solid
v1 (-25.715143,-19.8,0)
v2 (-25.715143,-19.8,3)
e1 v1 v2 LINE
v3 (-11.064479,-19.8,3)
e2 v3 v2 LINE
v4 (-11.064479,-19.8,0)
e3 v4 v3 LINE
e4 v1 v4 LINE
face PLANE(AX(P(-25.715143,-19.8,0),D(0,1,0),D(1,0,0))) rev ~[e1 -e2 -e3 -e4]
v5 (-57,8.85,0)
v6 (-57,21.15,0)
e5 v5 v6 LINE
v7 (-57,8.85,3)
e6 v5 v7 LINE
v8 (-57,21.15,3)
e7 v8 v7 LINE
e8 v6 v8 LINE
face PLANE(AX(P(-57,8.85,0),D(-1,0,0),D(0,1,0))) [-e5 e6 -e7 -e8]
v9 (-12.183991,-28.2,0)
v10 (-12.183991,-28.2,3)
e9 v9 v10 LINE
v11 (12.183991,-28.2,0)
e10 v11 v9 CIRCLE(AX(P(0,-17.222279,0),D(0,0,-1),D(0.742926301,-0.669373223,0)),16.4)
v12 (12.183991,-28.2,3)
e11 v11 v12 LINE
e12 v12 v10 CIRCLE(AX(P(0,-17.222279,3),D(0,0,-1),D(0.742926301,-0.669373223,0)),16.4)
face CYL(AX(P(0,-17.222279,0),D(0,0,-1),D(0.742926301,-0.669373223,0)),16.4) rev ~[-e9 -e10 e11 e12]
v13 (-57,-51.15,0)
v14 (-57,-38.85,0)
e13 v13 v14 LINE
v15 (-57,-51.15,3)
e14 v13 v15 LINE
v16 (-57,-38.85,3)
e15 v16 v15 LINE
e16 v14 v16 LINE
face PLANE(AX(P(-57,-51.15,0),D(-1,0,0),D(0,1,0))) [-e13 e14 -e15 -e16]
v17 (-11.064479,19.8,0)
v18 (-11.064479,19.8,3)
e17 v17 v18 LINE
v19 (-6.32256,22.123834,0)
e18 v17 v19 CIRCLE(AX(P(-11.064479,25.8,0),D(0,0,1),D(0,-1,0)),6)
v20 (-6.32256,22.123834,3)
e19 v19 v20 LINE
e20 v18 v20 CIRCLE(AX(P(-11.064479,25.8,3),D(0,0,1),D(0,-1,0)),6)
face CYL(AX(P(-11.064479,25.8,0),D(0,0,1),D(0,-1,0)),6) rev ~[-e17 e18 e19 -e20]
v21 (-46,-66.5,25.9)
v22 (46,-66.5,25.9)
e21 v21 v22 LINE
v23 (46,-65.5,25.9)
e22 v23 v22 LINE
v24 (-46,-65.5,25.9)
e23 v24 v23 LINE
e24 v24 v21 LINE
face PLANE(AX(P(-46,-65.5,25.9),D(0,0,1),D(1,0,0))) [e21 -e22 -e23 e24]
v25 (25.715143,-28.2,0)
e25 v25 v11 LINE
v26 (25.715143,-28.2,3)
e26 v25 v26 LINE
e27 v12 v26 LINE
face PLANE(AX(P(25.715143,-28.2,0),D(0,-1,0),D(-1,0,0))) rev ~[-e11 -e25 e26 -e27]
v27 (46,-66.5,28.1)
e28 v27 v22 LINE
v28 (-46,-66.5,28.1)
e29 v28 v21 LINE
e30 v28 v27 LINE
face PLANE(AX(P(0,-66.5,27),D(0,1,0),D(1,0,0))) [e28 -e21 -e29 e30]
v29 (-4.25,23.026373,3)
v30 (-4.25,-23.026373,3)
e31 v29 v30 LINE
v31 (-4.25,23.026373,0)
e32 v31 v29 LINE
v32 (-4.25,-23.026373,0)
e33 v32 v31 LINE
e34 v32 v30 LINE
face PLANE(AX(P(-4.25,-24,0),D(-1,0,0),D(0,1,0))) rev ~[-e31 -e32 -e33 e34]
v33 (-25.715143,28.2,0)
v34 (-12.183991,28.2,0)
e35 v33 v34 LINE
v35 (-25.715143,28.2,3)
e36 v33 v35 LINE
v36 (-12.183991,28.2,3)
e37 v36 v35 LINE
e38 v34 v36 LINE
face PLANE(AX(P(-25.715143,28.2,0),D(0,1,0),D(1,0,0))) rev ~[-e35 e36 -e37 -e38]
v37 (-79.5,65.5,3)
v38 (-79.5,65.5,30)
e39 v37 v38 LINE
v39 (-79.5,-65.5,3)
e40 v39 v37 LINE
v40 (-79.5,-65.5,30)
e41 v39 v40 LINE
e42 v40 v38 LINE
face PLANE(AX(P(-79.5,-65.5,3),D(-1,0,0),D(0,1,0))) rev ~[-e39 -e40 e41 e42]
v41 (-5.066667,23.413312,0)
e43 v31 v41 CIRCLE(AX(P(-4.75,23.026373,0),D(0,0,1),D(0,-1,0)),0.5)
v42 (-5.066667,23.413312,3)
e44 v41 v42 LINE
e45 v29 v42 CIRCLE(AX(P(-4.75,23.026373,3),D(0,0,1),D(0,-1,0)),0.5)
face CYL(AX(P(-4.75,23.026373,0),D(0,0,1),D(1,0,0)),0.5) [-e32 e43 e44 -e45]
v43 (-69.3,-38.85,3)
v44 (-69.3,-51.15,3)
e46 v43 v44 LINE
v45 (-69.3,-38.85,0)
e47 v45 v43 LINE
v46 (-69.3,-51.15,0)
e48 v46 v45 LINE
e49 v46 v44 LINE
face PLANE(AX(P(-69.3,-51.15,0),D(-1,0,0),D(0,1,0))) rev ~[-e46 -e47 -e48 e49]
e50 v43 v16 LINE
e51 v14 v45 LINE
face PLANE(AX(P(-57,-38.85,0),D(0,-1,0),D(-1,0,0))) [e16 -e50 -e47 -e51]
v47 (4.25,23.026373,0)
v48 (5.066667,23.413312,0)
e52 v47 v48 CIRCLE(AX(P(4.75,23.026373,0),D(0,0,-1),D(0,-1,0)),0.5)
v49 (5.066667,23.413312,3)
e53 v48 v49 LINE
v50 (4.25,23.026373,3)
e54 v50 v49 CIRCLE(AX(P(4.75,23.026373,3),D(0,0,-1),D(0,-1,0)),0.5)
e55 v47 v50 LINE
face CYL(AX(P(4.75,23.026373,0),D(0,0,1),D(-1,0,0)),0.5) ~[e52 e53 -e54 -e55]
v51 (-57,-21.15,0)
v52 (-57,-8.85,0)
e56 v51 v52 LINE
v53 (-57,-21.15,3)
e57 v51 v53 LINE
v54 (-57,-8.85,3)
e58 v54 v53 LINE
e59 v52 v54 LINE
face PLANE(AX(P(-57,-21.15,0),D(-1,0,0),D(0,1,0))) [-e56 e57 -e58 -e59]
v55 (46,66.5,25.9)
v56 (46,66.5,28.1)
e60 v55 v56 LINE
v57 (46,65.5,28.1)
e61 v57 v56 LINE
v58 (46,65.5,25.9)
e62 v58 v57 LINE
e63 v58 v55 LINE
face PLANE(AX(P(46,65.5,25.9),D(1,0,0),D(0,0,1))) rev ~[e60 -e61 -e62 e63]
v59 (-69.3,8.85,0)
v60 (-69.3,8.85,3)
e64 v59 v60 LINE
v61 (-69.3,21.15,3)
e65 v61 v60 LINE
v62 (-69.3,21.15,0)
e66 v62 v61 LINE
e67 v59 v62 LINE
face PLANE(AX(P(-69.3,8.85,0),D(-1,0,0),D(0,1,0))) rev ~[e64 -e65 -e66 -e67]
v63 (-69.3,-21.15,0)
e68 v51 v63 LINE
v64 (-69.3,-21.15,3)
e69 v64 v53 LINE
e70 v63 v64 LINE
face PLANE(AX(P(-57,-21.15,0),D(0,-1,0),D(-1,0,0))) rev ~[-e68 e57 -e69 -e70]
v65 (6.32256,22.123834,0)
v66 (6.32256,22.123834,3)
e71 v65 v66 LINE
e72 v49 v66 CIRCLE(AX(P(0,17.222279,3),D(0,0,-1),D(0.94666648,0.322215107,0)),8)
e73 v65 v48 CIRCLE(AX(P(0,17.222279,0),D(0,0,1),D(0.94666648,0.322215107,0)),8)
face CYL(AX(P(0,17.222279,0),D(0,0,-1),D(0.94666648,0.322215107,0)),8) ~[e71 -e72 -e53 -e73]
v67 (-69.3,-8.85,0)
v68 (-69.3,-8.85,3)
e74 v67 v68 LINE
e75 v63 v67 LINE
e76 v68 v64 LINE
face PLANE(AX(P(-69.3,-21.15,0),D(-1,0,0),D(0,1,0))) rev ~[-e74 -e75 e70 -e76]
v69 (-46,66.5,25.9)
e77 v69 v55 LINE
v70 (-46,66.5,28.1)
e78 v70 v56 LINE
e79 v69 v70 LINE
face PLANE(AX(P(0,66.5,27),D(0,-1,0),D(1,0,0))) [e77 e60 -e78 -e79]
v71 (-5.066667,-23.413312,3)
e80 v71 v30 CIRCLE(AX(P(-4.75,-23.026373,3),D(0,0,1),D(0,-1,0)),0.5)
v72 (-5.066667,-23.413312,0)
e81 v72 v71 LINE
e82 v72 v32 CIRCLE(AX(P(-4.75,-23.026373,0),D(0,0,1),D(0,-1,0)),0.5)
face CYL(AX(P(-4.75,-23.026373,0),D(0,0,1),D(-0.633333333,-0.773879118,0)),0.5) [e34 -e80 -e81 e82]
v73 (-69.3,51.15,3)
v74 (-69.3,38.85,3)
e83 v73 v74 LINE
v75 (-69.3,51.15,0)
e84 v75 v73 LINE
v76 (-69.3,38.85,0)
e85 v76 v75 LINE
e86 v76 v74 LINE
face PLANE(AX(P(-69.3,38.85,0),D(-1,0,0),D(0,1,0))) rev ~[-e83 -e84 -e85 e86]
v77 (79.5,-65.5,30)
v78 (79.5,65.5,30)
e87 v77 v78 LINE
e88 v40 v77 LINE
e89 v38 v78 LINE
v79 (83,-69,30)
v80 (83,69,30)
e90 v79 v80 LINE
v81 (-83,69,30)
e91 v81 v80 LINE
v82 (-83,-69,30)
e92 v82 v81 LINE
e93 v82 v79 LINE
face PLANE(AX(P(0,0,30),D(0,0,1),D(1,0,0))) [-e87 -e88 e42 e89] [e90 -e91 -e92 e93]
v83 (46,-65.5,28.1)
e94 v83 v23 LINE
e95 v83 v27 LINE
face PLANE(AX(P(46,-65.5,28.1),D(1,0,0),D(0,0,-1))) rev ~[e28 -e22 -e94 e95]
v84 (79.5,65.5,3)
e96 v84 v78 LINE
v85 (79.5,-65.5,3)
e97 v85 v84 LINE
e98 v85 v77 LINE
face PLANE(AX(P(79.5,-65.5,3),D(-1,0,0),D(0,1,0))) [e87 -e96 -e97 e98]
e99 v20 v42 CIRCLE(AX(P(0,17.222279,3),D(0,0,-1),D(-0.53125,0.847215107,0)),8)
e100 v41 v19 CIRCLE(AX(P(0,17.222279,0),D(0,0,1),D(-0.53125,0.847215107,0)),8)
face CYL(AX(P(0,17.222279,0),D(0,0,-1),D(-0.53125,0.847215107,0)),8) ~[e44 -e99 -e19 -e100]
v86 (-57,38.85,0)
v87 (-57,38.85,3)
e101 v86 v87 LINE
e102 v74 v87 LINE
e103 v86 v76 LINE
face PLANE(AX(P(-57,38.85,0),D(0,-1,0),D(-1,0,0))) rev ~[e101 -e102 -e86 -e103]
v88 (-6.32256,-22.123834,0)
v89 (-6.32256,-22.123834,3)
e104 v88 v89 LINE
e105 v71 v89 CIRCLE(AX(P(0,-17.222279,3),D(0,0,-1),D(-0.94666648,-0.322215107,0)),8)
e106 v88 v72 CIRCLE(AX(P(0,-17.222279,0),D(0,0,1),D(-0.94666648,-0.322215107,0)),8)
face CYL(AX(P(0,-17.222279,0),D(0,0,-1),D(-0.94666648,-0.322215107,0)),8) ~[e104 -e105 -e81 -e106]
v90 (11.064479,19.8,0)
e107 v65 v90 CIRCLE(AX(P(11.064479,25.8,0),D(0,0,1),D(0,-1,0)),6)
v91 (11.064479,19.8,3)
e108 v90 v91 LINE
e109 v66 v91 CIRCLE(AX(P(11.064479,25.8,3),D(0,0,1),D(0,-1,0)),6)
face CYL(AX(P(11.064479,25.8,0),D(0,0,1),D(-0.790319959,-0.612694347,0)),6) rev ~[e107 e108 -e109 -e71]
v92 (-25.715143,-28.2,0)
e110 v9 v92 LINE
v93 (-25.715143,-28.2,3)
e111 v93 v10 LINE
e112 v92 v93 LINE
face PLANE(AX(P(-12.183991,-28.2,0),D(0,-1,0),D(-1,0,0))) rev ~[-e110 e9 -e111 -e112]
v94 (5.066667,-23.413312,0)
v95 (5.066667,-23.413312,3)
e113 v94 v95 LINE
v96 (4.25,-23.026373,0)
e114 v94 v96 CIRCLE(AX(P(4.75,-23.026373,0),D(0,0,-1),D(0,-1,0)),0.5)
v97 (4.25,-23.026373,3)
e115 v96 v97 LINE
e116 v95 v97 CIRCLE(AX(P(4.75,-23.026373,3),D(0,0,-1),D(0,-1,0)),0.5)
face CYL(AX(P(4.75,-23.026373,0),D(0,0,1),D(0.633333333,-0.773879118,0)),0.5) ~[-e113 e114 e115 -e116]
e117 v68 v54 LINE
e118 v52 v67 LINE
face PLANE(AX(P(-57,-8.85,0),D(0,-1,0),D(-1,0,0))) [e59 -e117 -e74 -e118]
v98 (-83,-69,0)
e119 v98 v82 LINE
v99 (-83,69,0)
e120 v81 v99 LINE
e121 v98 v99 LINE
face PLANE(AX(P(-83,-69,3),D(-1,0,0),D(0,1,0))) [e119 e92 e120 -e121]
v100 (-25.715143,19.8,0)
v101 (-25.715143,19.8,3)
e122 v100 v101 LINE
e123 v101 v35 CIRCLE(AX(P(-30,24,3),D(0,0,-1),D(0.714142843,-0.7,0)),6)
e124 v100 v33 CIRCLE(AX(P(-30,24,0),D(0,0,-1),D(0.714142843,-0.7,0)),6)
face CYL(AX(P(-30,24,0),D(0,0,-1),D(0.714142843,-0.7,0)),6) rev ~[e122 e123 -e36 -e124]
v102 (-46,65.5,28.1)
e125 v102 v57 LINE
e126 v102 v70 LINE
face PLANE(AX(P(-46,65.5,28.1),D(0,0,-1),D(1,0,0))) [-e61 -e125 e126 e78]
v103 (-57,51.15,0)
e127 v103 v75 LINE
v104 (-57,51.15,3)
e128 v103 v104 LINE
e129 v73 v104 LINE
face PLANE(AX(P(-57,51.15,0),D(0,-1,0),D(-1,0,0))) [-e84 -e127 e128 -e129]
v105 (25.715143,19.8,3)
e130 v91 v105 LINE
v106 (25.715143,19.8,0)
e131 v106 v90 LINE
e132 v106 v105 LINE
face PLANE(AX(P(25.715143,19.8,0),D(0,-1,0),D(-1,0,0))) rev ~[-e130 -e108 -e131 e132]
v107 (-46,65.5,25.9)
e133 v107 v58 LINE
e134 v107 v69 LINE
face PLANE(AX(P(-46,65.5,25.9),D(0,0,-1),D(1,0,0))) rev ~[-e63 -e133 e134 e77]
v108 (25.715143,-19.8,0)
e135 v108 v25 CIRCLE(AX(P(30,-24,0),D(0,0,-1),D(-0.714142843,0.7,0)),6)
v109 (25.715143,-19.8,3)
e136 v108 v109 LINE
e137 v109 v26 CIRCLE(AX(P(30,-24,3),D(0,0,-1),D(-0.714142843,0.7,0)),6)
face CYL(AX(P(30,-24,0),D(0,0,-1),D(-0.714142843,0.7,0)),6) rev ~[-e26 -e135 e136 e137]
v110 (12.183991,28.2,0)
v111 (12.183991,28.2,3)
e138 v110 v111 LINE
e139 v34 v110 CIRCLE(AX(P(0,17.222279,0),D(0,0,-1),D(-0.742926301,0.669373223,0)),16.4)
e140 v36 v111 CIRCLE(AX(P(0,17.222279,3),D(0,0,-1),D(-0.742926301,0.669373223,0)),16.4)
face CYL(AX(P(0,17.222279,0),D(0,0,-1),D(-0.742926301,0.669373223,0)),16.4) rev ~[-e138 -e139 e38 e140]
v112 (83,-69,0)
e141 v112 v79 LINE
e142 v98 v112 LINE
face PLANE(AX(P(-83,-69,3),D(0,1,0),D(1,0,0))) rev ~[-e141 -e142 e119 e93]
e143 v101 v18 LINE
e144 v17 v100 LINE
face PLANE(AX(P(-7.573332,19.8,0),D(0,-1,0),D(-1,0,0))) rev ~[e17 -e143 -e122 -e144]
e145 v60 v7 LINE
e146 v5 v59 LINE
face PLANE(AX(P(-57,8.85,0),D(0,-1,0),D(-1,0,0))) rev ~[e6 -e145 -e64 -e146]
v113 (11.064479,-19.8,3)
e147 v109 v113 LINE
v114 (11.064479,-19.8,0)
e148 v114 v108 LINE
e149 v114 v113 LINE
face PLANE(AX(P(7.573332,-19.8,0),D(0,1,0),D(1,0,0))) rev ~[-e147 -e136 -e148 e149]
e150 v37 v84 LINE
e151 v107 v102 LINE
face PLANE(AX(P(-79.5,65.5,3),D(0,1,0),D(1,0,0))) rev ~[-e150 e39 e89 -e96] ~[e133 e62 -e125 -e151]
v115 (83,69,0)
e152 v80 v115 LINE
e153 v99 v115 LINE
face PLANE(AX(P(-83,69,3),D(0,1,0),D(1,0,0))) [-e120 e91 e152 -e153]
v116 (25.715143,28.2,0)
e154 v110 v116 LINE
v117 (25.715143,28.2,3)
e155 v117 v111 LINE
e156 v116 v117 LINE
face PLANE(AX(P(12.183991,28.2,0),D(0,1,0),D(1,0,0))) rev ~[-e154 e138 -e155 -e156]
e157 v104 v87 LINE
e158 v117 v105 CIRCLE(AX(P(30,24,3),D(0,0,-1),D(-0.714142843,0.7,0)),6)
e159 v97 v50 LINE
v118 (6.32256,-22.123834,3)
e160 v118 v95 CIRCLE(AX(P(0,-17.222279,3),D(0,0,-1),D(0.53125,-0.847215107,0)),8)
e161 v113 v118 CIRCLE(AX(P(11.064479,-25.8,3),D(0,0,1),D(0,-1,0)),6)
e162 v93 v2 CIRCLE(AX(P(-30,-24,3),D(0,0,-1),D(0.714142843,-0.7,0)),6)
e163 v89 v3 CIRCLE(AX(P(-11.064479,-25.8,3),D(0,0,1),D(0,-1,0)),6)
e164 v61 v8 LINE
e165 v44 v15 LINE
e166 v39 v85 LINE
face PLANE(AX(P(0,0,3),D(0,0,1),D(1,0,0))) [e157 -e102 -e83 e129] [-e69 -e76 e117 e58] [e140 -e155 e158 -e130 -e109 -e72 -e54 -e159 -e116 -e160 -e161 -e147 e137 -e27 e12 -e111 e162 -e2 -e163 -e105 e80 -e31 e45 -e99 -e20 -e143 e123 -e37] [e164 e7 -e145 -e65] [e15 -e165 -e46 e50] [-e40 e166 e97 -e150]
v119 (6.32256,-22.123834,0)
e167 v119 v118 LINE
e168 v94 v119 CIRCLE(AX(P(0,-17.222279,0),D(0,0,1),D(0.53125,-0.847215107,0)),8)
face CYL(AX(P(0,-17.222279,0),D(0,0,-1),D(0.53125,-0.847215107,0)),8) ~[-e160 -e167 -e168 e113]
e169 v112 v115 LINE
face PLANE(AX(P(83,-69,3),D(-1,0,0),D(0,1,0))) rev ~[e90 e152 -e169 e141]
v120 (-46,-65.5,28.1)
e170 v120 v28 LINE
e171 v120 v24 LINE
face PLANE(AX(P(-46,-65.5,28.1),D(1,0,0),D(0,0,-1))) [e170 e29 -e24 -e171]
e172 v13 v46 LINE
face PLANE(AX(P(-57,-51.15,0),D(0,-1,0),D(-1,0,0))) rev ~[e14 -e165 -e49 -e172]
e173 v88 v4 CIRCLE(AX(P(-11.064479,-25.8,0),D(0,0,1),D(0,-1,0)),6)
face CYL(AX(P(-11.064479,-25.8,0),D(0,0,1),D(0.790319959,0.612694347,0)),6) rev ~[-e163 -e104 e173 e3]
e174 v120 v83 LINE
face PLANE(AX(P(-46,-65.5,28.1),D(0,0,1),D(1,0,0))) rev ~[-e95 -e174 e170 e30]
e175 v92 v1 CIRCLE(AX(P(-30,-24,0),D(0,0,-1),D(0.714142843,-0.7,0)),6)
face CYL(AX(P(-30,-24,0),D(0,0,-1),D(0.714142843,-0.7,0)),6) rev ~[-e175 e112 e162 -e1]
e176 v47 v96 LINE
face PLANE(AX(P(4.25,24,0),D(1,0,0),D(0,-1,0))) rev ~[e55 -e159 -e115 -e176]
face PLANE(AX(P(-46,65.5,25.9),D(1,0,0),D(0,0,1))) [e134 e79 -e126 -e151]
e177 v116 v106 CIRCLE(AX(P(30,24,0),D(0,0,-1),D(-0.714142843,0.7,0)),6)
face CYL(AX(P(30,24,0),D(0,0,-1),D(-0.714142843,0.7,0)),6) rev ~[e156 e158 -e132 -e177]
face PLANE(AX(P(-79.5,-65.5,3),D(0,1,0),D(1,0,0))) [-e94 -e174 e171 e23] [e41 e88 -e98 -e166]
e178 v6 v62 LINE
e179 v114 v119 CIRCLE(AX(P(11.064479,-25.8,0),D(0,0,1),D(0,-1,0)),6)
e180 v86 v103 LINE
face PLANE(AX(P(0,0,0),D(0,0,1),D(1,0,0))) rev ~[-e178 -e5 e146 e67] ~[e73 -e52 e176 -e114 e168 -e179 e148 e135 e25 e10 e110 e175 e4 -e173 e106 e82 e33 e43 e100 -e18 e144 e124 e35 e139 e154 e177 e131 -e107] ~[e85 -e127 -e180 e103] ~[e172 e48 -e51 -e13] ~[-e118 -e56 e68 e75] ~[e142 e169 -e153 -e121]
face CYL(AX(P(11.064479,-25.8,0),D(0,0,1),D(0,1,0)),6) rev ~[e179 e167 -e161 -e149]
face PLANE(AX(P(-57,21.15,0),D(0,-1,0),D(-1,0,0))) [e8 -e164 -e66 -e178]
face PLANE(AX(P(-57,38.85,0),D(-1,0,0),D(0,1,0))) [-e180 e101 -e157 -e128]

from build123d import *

# Parameters (mm, degrees)
SKETCH_1_W           = 166
SKETCH_1_H           = 138
EXTRUDE_1_DEPTH      = 3
SKETCH_2_W           = 166
SKETCH_2_H           = 138
SKETCH_2_W_2         = 159
SKETCH_2_H_2         = 131
EXTRUDE_2_DEPTH      = 27
SKETCH_3_W           = 92
SKETCH_3_H           = 2.2
CUT_EXTRUDE_1_DEPTH  = 1
SKETCH_4_W           = 92
SKETCH_4_H           = 2.2
CUT_EXTRUDE_2_DEPTH  = 1
SKETCH_11_W          = 12.3
SKETCH_11_H          = 12.3
CUT_EXTRUDE_8_DEPTH  = 10
CUT_EXTRUDE_12_DEPTH = 10
FILLET_1_R           = 6
FILLET_2_R           = 0.5


with BuildPart() as part:
    # 스케치1 → 보스-돌출1 (new body)
    with BuildSketch(Plane.XY):
        Rectangle(SKETCH_1_W, SKETCH_1_H)
    extrude(amount=EXTRUDE_1_DEPTH)

    # 스케치2 → 보스-돌출2 (add)
    with BuildSketch(Plane.XY.offset(3)):
        Rectangle(SKETCH_2_W, SKETCH_2_H)
        Rectangle(SKETCH_2_W_2, SKETCH_2_H_2, mode=Mode.SUBTRACT)
    extrude(amount=EXTRUDE_2_DEPTH)

    # 스케치3 → 컷-돌출1 (cut)
    with BuildSketch(Plane.XZ.offset(-65.5)):
        with Locations((0, 27)):
            Rectangle(SKETCH_3_W, SKETCH_3_H)
    extrude(amount=-CUT_EXTRUDE_1_DEPTH, mode=Mode.SUBTRACT)

    # 스케치4 → 컷-돌출2 (cut)
    with BuildSketch(Plane(origin=(0, -65.5, 0), x_dir=(1, 0, 0), z_dir=(0, 1, 0))):
        with Locations((0, -27)):
            Rectangle(SKETCH_4_W, SKETCH_4_H)
    extrude(amount=-CUT_EXTRUDE_2_DEPTH, mode=Mode.SUBTRACT)

    # 스케치11 → 컷-돌출8 (cut)
    with BuildSketch(Plane(origin=(0, 0, 0), x_dir=(-1, 0, 0), z_dir=(0, 0, -1))):
        with Locations((63.15, 15)):
            Rectangle(SKETCH_11_W, SKETCH_11_H)
        with Locations((63.15, 45)):
            Rectangle(SKETCH_11_W, SKETCH_11_H)
        with Locations((63.15, -15)):
            Rectangle(SKETCH_11_W, SKETCH_11_H)
        with Locations((63.15, -45)):
            Rectangle(SKETCH_11_W, SKETCH_11_H)
    extrude(amount=-CUT_EXTRUDE_8_DEPTH, mode=Mode.SUBTRACT)

    # 스케치15 → 컷-돌출12 (cut)
    with BuildSketch(Plane(origin=(0, 0, 0), x_dir=(-1, 0, 0), z_dir=(0, 0, -1))):
        with BuildLine():
            ThreePointArc((25.715142943, -28.2), (36, -24), (25.715142943, -19.8))
            Line((25.715142943, -19.8), (7.573331842, -19.8))
            ThreePointArc((7.573331842, -19.8), (6.273579039, -22.186370807), (4.25, -24))
            Line((4.25, -24), (4.25, 24))
            ThreePointArc((4.25, 24), (6.273579039, 22.186370807), (7.573331842, 19.8))
            Line((7.573331842, 19.8), (25.715142943, 19.8))
            ThreePointArc((25.715142943, 19.8), (36, 24), (25.715142943, 28.2))
            Line((25.715142943, 28.2), (12.183991333, 28.2))
            ThreePointArc((12.183991333, 28.2), (0, 33.622279144), (-12.183991333, 28.2))
            Line((-12.183991333, 28.2), (-25.715142943, 28.2))
            ThreePointArc((-25.715142943, 28.2), (-36, 24), (-25.715142943, 19.8))
            Line((-25.715142943, 19.8), (-7.573331842, 19.8))
            ThreePointArc((-7.573331842, 19.8), (-6.273579039, 22.186370807), (-4.25, 24))
            Line((-4.25, 24), (-4.25, -24))
            ThreePointArc((-4.25, -24), (-6.273579039, -22.186370807), (-7.573331842, -19.8))
            Line((-7.573331842, -19.8), (-25.715142943, -19.8))
            ThreePointArc((-25.715142943, -19.8), (-36, -24), (-25.715142943, -28.2))
            Line((-25.715142943, -28.2), (-12.183991333, -28.2))
            ThreePointArc((-12.183991333, -28.2), (0, -33.622279144), (12.183991333, -28.2))
            Line((12.183991333, -28.2), (25.715142943, -28.2))
        make_face()
    extrude(amount=-CUT_EXTRUDE_12_DEPTH, mode=Mode.SUBTRACT)

    # 필렛1
    fillet_1_edges = [part.edges().sort_by_distance(p)[0] for p in [
        (7.573331842, -19.8, 1.5),
        (-7.573331842, -19.8, 1.5),
        (7.573331842, 19.8, 1.5),
        (-7.573331842, 19.8, 1.5),
    ]]
    fillet(fillet_1_edges, radius=FILLET_1_R)

    # 필렛2
    fillet_2_edges = [part.edges().sort_by_distance(p)[0] for p in [
        (-4.25, -24, 1.5),
        (4.25, 24, 1.5),
        (4.25, -24, 1.5),
        (-4.25, 24, 1.5),
    ]]
    fillet(fillet_2_edges, radius=FILLET_2_R)


solid = part.part
